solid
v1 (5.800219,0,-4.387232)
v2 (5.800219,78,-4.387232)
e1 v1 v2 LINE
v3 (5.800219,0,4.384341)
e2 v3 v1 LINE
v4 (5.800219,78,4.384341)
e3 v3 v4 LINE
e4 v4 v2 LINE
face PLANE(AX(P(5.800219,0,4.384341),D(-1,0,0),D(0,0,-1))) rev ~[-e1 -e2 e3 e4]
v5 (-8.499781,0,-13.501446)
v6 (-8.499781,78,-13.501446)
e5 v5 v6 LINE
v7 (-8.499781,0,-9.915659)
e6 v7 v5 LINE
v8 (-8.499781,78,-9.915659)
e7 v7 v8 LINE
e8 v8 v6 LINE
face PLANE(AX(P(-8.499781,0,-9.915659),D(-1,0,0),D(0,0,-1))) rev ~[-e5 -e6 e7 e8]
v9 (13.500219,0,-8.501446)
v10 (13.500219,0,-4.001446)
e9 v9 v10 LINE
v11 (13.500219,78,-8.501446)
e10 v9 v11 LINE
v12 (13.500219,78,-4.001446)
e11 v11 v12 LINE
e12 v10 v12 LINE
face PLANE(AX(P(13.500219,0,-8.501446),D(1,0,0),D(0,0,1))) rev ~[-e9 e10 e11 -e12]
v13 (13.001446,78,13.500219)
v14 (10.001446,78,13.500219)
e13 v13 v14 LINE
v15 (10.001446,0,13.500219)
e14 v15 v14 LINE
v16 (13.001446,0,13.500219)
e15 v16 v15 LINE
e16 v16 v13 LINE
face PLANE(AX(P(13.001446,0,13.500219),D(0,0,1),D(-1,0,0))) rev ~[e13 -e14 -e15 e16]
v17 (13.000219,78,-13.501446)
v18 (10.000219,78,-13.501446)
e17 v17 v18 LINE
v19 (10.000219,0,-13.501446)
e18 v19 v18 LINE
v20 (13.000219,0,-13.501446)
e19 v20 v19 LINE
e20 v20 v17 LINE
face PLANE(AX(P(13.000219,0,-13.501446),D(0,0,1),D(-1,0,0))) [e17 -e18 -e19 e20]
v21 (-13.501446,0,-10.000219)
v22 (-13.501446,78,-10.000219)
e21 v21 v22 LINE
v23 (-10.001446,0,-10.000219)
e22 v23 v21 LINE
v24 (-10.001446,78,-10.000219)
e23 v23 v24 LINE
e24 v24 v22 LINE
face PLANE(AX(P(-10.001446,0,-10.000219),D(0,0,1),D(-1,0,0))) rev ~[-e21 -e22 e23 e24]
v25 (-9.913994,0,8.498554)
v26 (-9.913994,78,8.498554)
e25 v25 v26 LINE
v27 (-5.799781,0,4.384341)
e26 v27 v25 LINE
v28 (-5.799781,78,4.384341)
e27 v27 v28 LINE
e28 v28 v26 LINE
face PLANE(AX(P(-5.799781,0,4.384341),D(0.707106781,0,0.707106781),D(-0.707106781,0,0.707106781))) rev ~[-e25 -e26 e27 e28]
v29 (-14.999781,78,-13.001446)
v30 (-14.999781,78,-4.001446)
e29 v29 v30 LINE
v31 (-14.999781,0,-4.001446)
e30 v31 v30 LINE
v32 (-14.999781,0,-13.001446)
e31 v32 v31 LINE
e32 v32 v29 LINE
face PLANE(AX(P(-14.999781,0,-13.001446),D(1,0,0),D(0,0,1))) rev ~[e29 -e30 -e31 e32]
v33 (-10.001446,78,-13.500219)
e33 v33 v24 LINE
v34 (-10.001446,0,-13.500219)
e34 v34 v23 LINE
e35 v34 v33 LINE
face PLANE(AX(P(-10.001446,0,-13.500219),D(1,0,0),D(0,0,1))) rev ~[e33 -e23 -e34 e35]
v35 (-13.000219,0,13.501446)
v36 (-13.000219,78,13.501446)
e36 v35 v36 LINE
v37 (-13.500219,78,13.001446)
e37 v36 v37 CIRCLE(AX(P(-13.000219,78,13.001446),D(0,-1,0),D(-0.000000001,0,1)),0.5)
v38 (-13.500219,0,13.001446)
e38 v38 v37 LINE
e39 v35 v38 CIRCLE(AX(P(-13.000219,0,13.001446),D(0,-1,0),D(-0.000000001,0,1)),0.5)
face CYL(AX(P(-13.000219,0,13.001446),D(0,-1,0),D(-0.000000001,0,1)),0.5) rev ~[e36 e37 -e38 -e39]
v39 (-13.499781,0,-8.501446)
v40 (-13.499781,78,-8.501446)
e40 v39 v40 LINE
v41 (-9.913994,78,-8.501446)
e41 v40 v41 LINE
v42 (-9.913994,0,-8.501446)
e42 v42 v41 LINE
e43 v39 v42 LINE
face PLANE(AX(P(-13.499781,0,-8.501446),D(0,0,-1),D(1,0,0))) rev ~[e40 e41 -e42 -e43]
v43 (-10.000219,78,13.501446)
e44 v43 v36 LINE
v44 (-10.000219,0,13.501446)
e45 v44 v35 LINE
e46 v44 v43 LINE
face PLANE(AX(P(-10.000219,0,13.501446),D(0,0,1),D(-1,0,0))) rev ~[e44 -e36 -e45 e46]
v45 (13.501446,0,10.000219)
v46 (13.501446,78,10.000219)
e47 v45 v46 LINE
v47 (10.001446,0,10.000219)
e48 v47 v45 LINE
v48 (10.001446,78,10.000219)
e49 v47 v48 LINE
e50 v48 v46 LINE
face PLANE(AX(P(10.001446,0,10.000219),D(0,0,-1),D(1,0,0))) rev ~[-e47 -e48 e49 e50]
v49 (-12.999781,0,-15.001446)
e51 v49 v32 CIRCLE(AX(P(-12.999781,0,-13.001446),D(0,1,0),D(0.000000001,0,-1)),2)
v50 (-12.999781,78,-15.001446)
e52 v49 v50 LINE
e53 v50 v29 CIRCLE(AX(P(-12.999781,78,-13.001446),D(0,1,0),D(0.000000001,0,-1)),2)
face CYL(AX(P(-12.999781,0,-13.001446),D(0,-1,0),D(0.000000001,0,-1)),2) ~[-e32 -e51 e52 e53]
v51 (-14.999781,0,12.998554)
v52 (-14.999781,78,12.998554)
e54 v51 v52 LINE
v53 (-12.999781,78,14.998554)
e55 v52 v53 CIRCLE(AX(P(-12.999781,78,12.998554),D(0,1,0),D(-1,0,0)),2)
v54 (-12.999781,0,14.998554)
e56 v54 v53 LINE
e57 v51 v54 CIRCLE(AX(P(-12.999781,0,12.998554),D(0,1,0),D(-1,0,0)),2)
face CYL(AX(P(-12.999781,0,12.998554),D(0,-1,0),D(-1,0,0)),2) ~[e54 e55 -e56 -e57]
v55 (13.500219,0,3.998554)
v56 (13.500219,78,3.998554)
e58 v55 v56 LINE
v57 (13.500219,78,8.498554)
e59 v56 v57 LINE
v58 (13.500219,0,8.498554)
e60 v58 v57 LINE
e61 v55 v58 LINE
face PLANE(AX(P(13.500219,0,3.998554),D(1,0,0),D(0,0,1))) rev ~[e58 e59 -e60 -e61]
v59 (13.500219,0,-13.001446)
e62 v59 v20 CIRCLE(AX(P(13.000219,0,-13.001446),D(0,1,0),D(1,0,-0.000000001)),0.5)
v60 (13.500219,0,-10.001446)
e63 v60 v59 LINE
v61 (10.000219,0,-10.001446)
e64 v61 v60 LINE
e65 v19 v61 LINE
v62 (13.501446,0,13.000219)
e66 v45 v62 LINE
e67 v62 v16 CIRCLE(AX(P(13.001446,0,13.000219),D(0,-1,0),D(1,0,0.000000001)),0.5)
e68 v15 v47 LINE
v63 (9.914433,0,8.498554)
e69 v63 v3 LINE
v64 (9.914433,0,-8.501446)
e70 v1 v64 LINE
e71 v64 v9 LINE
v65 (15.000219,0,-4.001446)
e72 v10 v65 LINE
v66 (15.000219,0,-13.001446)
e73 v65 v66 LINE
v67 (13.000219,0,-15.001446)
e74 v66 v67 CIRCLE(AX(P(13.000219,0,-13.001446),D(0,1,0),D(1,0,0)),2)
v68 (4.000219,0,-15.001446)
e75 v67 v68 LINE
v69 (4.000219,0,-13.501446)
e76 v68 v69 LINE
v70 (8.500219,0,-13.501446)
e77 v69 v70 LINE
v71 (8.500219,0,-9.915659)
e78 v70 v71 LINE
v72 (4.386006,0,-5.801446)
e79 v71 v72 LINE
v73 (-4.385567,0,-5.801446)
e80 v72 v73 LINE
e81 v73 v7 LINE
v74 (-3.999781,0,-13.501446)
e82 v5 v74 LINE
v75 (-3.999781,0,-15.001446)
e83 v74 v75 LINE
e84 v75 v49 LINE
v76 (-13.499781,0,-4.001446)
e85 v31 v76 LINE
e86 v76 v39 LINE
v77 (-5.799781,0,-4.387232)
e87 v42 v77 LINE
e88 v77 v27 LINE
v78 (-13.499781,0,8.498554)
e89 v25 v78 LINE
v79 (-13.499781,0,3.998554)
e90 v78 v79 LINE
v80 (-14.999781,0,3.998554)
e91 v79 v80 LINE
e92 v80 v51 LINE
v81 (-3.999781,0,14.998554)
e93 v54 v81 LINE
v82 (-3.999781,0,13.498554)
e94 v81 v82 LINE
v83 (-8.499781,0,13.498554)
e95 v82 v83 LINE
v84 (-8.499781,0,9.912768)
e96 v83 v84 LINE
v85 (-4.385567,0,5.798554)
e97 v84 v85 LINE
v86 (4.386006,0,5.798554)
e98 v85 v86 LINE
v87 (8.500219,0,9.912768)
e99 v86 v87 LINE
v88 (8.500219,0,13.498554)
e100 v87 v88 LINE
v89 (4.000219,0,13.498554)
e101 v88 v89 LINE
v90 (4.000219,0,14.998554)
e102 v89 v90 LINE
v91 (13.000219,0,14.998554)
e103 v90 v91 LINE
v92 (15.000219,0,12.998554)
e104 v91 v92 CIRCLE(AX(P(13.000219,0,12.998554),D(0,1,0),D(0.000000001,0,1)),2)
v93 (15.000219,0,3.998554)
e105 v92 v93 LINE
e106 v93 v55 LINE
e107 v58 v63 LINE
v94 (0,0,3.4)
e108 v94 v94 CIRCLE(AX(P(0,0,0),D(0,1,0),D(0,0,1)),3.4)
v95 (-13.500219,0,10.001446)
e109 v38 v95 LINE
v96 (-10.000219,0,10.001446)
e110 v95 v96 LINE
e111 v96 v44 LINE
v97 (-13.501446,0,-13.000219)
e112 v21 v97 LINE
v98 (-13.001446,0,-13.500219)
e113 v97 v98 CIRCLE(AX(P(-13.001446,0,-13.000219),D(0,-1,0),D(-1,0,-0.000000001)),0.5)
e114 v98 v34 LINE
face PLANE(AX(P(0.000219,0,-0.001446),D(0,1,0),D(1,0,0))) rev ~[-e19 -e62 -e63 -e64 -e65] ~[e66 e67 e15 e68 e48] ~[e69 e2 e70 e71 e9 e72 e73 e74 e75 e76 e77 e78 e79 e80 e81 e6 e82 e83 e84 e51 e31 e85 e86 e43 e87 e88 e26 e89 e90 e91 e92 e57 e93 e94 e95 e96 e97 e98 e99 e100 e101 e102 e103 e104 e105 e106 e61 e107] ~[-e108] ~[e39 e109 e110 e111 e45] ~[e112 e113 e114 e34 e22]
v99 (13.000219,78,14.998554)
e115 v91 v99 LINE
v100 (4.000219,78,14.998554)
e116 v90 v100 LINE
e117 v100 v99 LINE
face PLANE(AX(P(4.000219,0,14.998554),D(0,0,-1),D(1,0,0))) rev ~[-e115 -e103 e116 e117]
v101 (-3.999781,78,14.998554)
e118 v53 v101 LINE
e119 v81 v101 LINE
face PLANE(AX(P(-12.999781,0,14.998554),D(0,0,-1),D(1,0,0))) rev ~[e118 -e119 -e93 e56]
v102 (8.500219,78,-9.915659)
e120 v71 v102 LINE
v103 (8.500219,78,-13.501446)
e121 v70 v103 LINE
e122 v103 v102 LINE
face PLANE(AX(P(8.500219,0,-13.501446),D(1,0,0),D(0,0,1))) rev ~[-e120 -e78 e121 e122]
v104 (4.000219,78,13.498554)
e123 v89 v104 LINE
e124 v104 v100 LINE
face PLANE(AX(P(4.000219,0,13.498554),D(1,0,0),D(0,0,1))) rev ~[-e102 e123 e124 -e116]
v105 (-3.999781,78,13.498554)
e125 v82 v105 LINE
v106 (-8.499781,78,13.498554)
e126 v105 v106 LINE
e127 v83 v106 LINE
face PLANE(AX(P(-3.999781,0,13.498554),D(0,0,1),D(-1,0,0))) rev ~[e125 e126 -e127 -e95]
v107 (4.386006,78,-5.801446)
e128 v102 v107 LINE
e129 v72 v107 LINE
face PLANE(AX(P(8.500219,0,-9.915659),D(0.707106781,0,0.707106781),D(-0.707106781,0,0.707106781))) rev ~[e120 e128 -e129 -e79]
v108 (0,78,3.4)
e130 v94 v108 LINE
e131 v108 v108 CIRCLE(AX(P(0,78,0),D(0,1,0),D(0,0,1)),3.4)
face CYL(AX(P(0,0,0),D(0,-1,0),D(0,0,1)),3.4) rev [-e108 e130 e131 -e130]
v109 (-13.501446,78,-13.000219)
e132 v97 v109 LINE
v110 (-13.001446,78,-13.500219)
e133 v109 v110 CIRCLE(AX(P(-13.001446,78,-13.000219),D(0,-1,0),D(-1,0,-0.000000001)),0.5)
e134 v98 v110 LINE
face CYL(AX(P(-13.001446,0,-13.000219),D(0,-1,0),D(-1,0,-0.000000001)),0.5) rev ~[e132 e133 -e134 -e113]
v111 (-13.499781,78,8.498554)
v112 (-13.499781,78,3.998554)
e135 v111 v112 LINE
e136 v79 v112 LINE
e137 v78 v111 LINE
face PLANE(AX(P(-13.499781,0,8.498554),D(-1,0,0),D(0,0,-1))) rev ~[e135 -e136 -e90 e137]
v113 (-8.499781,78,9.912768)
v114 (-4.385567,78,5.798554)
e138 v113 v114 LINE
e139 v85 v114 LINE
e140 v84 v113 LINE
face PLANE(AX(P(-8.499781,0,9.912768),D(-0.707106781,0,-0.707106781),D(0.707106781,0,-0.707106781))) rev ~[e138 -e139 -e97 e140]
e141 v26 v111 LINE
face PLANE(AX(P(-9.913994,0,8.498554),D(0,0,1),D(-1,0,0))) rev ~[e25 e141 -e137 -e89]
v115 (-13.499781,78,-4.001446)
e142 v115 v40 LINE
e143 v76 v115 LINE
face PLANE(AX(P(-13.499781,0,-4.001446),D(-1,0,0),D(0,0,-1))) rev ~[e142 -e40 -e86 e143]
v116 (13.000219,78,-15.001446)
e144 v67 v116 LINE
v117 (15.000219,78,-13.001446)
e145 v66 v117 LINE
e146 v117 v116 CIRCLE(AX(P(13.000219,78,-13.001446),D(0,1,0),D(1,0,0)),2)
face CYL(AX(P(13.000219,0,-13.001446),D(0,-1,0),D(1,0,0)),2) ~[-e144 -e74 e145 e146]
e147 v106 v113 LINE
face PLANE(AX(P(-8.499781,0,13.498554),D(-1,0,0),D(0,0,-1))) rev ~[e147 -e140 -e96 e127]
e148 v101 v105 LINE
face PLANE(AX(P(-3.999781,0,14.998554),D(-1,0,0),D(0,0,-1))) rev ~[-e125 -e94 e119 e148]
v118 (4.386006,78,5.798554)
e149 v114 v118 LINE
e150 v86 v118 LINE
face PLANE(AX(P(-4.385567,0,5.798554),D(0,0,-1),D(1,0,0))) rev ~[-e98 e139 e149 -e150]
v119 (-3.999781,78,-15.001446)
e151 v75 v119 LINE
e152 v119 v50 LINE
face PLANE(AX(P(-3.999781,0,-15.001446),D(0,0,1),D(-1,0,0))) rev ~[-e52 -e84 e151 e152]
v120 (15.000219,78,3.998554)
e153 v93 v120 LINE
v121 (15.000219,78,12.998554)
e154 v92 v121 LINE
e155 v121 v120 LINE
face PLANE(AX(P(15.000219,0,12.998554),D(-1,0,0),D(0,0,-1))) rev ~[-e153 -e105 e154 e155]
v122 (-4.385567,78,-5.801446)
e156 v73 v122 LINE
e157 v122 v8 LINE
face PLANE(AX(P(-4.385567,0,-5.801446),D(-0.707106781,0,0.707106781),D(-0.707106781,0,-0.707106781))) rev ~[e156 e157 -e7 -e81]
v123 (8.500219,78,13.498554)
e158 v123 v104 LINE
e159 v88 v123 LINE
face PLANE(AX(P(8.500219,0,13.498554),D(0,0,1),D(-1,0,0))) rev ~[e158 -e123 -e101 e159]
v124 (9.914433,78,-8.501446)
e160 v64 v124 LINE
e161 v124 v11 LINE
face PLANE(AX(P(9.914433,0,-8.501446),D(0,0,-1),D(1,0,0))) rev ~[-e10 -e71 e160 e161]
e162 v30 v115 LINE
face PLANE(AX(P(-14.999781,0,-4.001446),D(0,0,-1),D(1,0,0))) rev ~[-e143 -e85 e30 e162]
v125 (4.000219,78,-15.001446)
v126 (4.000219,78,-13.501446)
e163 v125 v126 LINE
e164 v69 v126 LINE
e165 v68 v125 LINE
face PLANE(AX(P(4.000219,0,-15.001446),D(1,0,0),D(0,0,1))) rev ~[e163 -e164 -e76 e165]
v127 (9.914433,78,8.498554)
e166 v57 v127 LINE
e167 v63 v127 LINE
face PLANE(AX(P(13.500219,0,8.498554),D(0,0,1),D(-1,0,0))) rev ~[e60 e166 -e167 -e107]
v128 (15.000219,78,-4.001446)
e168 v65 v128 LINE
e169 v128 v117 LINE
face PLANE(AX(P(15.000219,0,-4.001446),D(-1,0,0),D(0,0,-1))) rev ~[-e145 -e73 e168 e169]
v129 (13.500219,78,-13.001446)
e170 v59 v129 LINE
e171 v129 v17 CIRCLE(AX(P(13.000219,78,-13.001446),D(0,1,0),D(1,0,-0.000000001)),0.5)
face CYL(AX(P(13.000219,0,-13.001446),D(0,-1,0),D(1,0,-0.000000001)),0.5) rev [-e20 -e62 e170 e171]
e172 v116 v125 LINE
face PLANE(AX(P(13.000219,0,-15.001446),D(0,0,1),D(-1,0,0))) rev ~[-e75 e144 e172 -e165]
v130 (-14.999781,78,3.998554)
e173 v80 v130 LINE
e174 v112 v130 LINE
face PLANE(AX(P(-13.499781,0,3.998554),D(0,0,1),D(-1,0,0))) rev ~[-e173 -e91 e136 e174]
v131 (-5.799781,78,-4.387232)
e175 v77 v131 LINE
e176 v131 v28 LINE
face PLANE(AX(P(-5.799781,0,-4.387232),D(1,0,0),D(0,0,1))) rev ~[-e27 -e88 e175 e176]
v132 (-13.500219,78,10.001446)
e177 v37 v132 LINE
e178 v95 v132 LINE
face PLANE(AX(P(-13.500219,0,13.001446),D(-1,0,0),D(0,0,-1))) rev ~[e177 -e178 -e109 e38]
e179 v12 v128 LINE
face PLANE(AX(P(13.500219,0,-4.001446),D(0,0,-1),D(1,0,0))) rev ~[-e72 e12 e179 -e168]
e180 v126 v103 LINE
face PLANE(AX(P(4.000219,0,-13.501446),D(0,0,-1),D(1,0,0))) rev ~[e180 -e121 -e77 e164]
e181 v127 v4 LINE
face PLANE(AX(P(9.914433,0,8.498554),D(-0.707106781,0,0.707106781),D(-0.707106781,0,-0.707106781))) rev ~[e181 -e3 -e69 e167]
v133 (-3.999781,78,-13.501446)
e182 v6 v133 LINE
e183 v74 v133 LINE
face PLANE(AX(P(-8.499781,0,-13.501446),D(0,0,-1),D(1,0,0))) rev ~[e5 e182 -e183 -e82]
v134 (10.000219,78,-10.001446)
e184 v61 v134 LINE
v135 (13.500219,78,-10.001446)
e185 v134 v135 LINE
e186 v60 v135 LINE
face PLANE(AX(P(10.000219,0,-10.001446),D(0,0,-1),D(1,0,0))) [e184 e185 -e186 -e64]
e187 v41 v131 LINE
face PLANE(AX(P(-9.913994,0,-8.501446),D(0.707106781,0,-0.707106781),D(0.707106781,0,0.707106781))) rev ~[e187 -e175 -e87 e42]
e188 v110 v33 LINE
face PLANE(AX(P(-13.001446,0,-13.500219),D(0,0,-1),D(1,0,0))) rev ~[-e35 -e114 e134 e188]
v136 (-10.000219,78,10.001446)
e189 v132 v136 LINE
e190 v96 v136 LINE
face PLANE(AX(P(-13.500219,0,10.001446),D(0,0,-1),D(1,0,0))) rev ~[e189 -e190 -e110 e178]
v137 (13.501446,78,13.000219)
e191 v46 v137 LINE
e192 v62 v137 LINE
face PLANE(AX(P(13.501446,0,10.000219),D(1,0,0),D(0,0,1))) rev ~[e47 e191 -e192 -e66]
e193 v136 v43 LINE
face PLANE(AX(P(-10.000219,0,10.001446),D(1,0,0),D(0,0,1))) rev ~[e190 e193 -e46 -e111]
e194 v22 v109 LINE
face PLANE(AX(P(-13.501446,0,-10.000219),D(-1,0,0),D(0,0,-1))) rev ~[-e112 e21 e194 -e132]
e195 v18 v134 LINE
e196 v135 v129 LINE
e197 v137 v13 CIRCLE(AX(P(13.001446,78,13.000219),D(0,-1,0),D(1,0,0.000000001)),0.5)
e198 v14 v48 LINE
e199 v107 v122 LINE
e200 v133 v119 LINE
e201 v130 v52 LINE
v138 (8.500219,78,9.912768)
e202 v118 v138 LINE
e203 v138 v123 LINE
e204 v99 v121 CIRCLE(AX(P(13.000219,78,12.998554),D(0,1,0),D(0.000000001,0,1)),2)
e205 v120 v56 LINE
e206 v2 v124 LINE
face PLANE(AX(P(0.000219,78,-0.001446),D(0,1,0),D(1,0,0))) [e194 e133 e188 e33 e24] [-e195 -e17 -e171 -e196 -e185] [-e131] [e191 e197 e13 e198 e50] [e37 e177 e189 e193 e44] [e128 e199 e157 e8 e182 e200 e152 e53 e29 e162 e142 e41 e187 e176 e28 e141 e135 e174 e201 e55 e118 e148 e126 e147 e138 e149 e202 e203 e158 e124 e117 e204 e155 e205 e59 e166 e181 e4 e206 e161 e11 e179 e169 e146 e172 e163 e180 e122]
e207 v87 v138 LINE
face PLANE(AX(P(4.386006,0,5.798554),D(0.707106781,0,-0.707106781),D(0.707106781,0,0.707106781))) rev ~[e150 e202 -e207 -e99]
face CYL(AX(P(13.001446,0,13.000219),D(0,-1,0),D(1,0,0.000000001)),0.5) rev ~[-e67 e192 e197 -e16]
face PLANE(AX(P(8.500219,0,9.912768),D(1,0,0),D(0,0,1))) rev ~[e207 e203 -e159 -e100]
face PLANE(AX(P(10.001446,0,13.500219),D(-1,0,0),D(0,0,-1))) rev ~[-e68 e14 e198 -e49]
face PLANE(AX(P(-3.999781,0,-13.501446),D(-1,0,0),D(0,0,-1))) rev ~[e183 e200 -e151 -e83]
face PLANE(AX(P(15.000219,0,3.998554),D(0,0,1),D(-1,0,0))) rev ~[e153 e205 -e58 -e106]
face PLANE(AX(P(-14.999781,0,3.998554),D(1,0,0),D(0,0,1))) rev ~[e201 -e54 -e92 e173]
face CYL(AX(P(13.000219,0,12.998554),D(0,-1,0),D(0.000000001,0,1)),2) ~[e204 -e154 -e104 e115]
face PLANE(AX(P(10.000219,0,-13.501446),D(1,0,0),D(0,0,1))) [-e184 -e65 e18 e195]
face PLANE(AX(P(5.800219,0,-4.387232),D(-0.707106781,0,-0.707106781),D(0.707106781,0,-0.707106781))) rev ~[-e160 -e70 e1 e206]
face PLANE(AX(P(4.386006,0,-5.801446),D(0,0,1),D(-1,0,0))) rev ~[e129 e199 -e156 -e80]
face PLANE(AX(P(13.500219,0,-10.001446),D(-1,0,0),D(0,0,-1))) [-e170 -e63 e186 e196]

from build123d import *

# Parameters (mm, degrees)
SZKIC2_R                    = 3.4
DODANIE_WYCI_GNI_CIE1_DEPTH = 78


with BuildPart() as part:
    # Szkic2 → Dodanie-wyciągnięcie1 (new body)
    with BuildSketch(Plane(origin=(0, 0, 0), x_dir=(1, 0, 0), z_dir=(0, 1, 0))):
        with BuildLine():
            Line((15.000219073, 4.001445911), (15.000219073, 13.001445911))
            ThreePointArc((15.000219073, 13.001445911), (14.414432635, 14.415659474), (13.000219073, 15.001445911))
            Line((13.000219073, 15.001445911), (4.000219073, 15.001445911))
            Line((4.000219073, 15.001445911), (4.000219073, 13.501445911))
            Line((4.000219073, 13.501445911), (8.500219073, 13.501445911))
            Line((8.500219073, 13.501445911), (8.500219073, 9.915659474))
            Line((8.500219073, 9.915659474), (4.38600551, 5.801445911))
            Line((4.38600551, 5.801445911), (-4.385567365, 5.801445911))
            Line((-4.385567365, 5.801445911), (-8.499780927, 9.915659474))
            Line((-8.499780927, 9.915659474), (-8.499780927, 13.501445911))
            Line((-8.499780927, 13.501445911), (-3.999780927, 13.501445911))
            Line((-3.999780927, 13.501445911), (-3.999780927, 15.001445911))
            Line((-3.999780927, 15.001445911), (-12.999780927, 15.001445911))
            ThreePointArc((-12.999780927, 15.001445911), (-14.41399449, 14.415659474), (-14.999780927, 13.001445911))
            Line((-14.999780927, 13.001445911), (-14.999780927, 4.001445911))
            Line((-14.999780927, 4.001445911), (-13.499780927, 4.001445911))
            Line((-13.499780927, 4.001445911), (-13.499780927, 8.501445911))
            Line((-13.499780927, 8.501445911), (-9.91399449, 8.501445911))
            Line((-9.91399449, 8.501445911), (-5.799780927, 4.387232349))
            Line((-5.799780927, 4.387232349), (-5.799780927, -4.384340526))
            Line((-5.799780927, -4.384340526), (-9.91399449, -8.498554089))
            Line((-9.91399449, -8.498554089), (-13.499780927, -8.498554089))
            Line((-13.499780927, -8.498554089), (-13.499780927, -3.998554089))
            Line((-13.499780927, -3.998554089), (-14.999780927, -3.998554089))
            Line((-14.999780927, -3.998554089), (-14.999780927, -12.998554089))
            ThreePointArc((-14.999780927, -12.998554089), (-14.41399449, -14.412767651), (-12.999780927, -14.998554089))
            Line((-12.999780927, -14.998554089), (-3.999780927, -14.998554089))
            Line((-3.999780927, -14.998554089), (-3.999780927, -13.498554089))
            Line((-3.999780927, -13.498554089), (-8.499780927, -13.498554089))
            Line((-8.499780927, -13.498554089), (-8.499780927, -9.912767651))
            Line((-8.499780927, -9.912767651), (-4.385567365, -5.798554089))
            Line((-4.385567365, -5.798554089), (4.38600551, -5.798554089))
            Line((4.38600551, -5.798554089), (8.500219073, -9.912767651))
            Line((8.500219073, -9.912767651), (8.500219073, -13.498554089))
            Line((8.500219073, -13.498554089), (4.000219073, -13.498554089))
            Line((4.000219073, -13.498554089), (4.000219073, -14.998554089))
            Line((4.000219073, -14.998554089), (13.000219073, -14.998554089))
            ThreePointArc((13.000219073, -14.998554089), (14.414432635, -14.412767651), (15.000219073, -12.998554089))
            Line((15.000219073, -12.998554089), (15.000219073, -3.998554089))
            Line((15.000219073, -3.998554089), (13.500219073, -3.998554089))
            Line((13.500219073, -3.998554089), (13.500219073, -8.498554089))
            Line((13.500219073, -8.498554089), (9.914432635, -8.498554089))
            Line((9.914432635, -8.498554089), (5.800219073, -4.384340526))
            Line((5.800219073, -4.384340526), (5.800219073, 4.387232349))
            Line((5.800219073, 4.387232349), (9.914432635, 8.501445911))
            Line((9.914432635, 8.501445911), (13.500219073, 8.501445911))
            Line((13.500219073, 8.501445911), (13.500219073, 4.001445911))
            Line((13.500219073, 4.001445911), (15.000219073, 4.001445911))
        make_face()
        with Locations(Location((0, 0, 0), (0, 0, 270))):
            Circle(SZKIC2_R, mode=Mode.SUBTRACT)
        with BuildLine():
            Line((10.001445911, -10.000219073), (13.501445911, -10.000219073))
            Line((13.501445911, -10.000219073), (13.501445911, -13.000219073))
            ThreePointArc((13.501445911, -13.000219073), (13.354999302, -13.353772463), (13.001445911, -13.500219073))
            Line((13.001445911, -13.500219073), (10.001445911, -13.500219073))
            Line((10.001445911, -13.500219073), (10.001445911, -10.000219073))
        make_face(mode=Mode.SUBTRACT)
        with BuildLine():
            Line((10.000219073, 10.001445911), (13.500219073, 10.001445911))
            Line((13.500219073, 10.001445911), (13.500219073, 13.001445911))
            ThreePointArc((13.500219073, 13.001445911), (13.353772463, 13.354999302), (13.000219073, 13.501445911))
            Line((13.000219073, 13.501445911), (10.000219073, 13.501445911))
            Line((10.000219073, 13.501445911), (10.000219073, 10.001445911))
        make_face(mode=Mode.SUBTRACT)
        with BuildLine():
            Line((-10.000219073, -10.001445911), (-10.000219073, -13.501445911))
            Line((-10.000219073, -13.501445911), (-13.000219073, -13.501445911))
            ThreePointArc((-13.000219073, -13.501445911), (-13.353772463, -13.354999302), (-13.500219073, -13.001445911))
            Line((-13.500219073, -13.001445911), (-13.500219073, -10.001445911))
            Line((-13.500219073, -10.001445911), (-10.000219073, -10.001445911))
        make_face(mode=Mode.SUBTRACT)
        with BuildLine():
            Line((-10.001445911, 10.000219073), (-13.501445911, 10.000219073))
            Line((-13.501445911, 10.000219073), (-13.501445911, 13.000219073))
            ThreePointArc((-13.501445911, 13.000219073), (-13.354999302, 13.353772463), (-13.001445911, 13.500219073))
            Line((-13.001445911, 13.500219073), (-10.001445911, 13.500219073))
            Line((-10.001445911, 13.500219073), (-10.001445911, 10.000219073))
        make_face(mode=Mode.SUBTRACT)
    extrude(amount=DODANIE_WYCI_GNI_CIE1_DEPTH)


solid = part.part
